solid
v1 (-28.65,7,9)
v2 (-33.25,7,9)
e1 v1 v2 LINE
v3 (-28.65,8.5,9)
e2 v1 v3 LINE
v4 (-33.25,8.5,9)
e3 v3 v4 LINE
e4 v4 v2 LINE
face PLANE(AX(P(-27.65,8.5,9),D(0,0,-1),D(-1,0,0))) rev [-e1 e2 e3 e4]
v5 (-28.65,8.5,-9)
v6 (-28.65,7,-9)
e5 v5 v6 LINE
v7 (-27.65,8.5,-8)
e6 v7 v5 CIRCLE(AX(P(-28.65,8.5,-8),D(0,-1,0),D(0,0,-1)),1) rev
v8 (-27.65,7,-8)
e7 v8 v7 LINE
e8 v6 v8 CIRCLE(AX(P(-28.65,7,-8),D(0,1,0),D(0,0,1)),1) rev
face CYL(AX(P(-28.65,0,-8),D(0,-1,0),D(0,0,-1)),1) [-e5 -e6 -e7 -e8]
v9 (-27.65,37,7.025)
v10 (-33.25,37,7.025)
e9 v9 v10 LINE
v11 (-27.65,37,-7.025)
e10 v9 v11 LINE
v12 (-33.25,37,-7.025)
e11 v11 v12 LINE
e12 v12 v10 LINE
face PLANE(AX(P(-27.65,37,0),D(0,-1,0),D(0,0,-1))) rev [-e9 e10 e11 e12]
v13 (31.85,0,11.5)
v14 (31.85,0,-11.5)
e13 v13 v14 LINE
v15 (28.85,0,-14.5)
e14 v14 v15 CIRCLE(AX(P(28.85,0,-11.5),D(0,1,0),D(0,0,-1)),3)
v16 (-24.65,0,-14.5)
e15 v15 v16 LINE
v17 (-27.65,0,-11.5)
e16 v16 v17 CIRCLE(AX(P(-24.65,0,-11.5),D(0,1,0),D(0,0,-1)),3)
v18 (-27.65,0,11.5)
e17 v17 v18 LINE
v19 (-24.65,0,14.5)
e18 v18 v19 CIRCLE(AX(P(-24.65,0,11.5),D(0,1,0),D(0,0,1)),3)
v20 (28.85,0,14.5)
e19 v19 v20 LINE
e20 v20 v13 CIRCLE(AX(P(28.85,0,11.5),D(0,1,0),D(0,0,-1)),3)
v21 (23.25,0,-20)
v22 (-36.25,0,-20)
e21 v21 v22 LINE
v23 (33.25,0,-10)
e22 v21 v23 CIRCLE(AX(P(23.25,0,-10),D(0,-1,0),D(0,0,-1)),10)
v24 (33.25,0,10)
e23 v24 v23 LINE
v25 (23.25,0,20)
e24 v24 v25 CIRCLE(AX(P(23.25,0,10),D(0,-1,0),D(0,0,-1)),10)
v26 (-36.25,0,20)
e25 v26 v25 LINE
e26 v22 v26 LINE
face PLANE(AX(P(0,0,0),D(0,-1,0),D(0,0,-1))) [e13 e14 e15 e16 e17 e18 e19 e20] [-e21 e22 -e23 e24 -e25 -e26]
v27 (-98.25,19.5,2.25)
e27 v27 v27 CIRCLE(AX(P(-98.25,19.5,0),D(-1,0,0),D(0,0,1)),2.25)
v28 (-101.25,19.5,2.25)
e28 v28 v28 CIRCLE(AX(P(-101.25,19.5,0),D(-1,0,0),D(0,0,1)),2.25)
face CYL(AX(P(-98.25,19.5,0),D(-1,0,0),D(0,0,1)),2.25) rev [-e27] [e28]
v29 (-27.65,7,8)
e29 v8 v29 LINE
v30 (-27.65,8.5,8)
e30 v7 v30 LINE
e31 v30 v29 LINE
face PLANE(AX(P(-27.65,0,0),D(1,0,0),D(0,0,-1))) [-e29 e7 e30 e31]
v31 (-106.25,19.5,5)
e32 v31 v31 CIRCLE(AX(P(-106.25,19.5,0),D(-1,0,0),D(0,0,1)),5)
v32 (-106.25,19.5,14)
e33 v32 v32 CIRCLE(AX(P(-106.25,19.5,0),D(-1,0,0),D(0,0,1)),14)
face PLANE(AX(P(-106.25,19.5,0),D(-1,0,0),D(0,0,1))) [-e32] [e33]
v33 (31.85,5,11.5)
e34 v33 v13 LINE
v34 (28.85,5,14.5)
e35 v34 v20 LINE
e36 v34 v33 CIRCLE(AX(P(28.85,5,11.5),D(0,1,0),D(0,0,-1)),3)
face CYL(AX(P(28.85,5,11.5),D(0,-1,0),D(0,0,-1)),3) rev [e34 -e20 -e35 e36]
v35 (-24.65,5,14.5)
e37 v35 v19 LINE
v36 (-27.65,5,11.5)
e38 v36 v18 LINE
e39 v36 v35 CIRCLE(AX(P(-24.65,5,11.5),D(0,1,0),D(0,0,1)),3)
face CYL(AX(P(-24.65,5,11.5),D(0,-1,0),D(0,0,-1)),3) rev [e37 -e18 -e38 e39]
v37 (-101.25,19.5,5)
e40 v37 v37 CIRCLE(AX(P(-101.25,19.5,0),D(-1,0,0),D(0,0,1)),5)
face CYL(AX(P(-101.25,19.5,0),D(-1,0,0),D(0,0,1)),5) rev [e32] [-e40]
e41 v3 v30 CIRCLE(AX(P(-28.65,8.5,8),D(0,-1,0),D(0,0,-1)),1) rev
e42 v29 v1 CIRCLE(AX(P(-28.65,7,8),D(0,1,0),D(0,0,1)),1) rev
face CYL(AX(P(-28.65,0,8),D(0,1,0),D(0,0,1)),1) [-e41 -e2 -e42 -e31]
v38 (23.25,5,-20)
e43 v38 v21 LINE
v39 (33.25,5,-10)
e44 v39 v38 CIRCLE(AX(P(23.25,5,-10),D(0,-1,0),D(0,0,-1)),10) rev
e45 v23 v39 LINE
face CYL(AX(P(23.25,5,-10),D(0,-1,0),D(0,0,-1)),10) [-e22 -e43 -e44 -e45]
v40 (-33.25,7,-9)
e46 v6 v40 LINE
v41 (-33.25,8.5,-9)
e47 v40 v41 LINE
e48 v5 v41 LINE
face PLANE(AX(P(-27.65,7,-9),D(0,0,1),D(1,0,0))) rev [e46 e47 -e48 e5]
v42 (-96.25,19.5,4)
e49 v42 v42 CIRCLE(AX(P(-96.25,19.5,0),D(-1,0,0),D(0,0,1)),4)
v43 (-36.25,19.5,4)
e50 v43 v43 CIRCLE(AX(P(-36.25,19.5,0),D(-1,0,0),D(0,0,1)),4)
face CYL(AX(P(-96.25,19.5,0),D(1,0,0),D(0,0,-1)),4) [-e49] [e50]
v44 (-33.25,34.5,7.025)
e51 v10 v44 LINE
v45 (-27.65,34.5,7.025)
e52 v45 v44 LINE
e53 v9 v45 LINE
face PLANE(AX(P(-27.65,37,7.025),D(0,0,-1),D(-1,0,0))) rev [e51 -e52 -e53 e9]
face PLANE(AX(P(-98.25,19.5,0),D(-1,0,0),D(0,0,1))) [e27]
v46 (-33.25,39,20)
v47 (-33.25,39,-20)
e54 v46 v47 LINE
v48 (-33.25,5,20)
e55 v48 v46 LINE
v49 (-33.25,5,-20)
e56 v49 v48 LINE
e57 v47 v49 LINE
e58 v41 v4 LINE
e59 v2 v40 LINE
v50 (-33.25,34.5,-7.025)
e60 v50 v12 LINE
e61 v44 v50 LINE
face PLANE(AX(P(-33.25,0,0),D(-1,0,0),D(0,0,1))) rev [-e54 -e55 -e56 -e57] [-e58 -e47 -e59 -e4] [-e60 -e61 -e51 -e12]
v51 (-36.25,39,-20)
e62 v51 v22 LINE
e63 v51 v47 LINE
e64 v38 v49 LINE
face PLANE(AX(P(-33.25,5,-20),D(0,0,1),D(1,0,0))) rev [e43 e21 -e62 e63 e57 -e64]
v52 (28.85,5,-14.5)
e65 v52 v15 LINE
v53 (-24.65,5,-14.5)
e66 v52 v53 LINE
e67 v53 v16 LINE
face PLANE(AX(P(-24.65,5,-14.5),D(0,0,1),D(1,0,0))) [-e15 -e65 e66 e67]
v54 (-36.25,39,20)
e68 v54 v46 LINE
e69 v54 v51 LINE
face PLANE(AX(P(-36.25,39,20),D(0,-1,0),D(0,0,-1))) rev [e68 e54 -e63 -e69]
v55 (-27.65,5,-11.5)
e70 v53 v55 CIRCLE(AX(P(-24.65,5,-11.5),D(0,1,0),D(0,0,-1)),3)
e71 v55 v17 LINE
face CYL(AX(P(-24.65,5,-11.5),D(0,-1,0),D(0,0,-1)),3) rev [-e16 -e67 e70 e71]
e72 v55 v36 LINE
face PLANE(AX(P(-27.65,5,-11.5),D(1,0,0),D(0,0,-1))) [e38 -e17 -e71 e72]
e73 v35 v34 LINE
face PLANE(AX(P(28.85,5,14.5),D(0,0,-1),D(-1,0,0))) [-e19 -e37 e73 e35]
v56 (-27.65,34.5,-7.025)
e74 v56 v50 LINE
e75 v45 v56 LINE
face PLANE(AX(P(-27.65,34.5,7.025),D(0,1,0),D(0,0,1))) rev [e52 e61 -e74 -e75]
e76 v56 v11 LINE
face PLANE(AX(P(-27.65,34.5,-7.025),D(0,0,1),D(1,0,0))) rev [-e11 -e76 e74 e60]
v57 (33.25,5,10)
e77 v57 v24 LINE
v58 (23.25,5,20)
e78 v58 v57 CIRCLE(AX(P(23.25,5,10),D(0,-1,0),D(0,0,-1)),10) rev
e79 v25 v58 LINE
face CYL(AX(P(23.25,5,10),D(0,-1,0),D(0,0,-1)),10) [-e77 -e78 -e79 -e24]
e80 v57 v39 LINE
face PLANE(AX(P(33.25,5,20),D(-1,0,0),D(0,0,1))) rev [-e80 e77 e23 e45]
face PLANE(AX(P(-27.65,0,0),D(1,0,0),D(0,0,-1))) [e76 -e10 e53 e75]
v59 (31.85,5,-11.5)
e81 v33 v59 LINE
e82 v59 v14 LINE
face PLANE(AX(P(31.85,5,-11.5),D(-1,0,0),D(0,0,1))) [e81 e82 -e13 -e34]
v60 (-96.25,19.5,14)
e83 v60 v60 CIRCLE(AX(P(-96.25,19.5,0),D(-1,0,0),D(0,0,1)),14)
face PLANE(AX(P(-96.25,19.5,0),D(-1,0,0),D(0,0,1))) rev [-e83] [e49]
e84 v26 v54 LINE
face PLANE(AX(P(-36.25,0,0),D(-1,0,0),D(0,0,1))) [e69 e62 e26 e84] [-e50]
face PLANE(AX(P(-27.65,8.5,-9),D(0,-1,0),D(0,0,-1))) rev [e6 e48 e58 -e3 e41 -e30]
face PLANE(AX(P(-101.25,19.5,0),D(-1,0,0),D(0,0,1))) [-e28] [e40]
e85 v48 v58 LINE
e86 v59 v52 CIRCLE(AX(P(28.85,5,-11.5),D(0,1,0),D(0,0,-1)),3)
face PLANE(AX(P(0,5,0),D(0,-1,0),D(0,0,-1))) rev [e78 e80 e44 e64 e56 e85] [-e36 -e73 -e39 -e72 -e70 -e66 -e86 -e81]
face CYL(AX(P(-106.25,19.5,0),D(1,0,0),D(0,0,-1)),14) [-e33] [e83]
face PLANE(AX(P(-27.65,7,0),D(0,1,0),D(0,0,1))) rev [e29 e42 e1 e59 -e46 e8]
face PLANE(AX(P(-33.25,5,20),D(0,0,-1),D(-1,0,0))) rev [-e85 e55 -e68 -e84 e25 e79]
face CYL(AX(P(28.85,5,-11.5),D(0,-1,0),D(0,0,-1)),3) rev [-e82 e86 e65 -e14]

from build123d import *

# Parameters (mm, degrees)
SKETCH2_W           = 66.5
SKETCH2_H           = 40
BOSS_EXTRUDE1_DEPTH = 5
SKETCH5_W           = 40
SKETCH5_H           = 39
BOSS_EXTRUDE3_DEPTH = 3
SKETCH11_W          = 14.05
SKETCH11_H          = 2.5
SKETCH11_W_2        = 18
SKETCH11_H_2        = 1.5
BOSS_EXTRUDE4_DEPTH = 5.6
FILLET4_R           = 1
SKETCH12_R          = 4
BOSS_EXTRUDE5_DEPTH = 60
FILLET6_R           = 10
SKETCH13_R          = 14
BOSS_EXTRUDE6_DEPTH = 10
SKETCH14_R          = 5
CUT_EXTRUDE1_DEPTH  = 5
SKETCH15_R          = 2.25
CUT_EXTRUDE2_DEPTH  = 3


with BuildPart() as part:
    # Sketch2 → Boss-Extrude1 (new body)
    with BuildSketch(Plane(origin=(0, 0, 0), x_dir=(1, 0, 0), z_dir=(0, 1, 0))):
        Rectangle(SKETCH2_W, SKETCH2_H)
        with BuildLine():
            Line((-27.65, 11.5), (-27.65, -11.5))
            ThreePointArc((-27.65, -11.5), (-26.771320344, -13.621320344), (-24.65, -14.5))
            Line((-24.65, -14.5), (28.85, -14.5))
            ThreePointArc((28.85, -14.5), (30.971320344, -13.621320344), (31.85, -11.5))
            Line((31.85, -11.5), (31.85, 11.5))
            ThreePointArc((31.85, 11.5), (30.971320344, 13.621320344), (28.85, 14.5))
            Line((28.85, 14.5), (-24.65, 14.5))
            ThreePointArc((-24.65, 14.5), (-26.771320344, 13.621320344), (-27.65, 11.5))
        make_face(mode=Mode.SUBTRACT)
    extrude(amount=BOSS_EXTRUDE1_DEPTH)

    # Sketch5 → Boss-Extrude3 (add)
    with BuildSketch(Plane.ZY.offset(33.25)):
        with Locations((0, 19.5)):
            Rectangle(SKETCH5_W, SKETCH5_H)
    extrude(amount=BOSS_EXTRUDE3_DEPTH)

    # Sketch11 → Boss-Extrude4 (add)
    with BuildSketch(Plane(origin=(-33.25, 0, 0), x_dir=(0, 0, -1), z_dir=(1, 0, 0))):
        with Locations((0, 35.75)):
            Rectangle(SKETCH11_W, SKETCH11_H)
        with Locations((0, 7.75)):
            Rectangle(SKETCH11_W_2, SKETCH11_H_2)
    extrude(amount=BOSS_EXTRUDE4_DEPTH)

    # Fillet4
    fillet4_edges = [part.edges().sort_by_distance(p)[0] for p in [
        (-27.65, 7.75, -9),
        (-27.65, 7.75, 9),
    ]]
    fillet(fillet4_edges, radius=FILLET4_R)

    # Sketch12 → Boss-Extrude5 (add)
    with BuildSketch(Plane.ZY.offset(36.25)):
        with Locations((0, 19.5)):
            Circle(SKETCH12_R)
    extrude(amount=BOSS_EXTRUDE5_DEPTH)

    # Fillet6
    fillet6_edges = [part.edges().sort_by_distance(p)[0] for p in [
        (33.25, 2.5, 20),
        (33.25, 2.5, -20),
    ]]
    fillet(fillet6_edges, radius=FILLET6_R)

    # Sketch13 → Boss-Extrude6 (add)
    with BuildSketch(Plane.ZY.offset(96.25)):
        with Locations((0, 19.5)):
            Circle(SKETCH13_R)
    extrude(amount=BOSS_EXTRUDE6_DEPTH)

    # Sketch14 → Cut-Extrude1 (cut)
    with BuildSketch(Plane.ZY.offset(106.25)):
        with Locations((0, 19.5)):
            Circle(SKETCH14_R)
    extrude(amount=-CUT_EXTRUDE1_DEPTH, mode=Mode.SUBTRACT)

    # Sketch15 → Cut-Extrude2 (cut)
    with BuildSketch(Plane.ZY.offset(101.25)):
        with Locations((0, 19.5)):
            Circle(SKETCH15_R)
    extrude(amount=-CUT_EXTRUDE2_DEPTH, mode=Mode.SUBTRACT)


solid = part.part
